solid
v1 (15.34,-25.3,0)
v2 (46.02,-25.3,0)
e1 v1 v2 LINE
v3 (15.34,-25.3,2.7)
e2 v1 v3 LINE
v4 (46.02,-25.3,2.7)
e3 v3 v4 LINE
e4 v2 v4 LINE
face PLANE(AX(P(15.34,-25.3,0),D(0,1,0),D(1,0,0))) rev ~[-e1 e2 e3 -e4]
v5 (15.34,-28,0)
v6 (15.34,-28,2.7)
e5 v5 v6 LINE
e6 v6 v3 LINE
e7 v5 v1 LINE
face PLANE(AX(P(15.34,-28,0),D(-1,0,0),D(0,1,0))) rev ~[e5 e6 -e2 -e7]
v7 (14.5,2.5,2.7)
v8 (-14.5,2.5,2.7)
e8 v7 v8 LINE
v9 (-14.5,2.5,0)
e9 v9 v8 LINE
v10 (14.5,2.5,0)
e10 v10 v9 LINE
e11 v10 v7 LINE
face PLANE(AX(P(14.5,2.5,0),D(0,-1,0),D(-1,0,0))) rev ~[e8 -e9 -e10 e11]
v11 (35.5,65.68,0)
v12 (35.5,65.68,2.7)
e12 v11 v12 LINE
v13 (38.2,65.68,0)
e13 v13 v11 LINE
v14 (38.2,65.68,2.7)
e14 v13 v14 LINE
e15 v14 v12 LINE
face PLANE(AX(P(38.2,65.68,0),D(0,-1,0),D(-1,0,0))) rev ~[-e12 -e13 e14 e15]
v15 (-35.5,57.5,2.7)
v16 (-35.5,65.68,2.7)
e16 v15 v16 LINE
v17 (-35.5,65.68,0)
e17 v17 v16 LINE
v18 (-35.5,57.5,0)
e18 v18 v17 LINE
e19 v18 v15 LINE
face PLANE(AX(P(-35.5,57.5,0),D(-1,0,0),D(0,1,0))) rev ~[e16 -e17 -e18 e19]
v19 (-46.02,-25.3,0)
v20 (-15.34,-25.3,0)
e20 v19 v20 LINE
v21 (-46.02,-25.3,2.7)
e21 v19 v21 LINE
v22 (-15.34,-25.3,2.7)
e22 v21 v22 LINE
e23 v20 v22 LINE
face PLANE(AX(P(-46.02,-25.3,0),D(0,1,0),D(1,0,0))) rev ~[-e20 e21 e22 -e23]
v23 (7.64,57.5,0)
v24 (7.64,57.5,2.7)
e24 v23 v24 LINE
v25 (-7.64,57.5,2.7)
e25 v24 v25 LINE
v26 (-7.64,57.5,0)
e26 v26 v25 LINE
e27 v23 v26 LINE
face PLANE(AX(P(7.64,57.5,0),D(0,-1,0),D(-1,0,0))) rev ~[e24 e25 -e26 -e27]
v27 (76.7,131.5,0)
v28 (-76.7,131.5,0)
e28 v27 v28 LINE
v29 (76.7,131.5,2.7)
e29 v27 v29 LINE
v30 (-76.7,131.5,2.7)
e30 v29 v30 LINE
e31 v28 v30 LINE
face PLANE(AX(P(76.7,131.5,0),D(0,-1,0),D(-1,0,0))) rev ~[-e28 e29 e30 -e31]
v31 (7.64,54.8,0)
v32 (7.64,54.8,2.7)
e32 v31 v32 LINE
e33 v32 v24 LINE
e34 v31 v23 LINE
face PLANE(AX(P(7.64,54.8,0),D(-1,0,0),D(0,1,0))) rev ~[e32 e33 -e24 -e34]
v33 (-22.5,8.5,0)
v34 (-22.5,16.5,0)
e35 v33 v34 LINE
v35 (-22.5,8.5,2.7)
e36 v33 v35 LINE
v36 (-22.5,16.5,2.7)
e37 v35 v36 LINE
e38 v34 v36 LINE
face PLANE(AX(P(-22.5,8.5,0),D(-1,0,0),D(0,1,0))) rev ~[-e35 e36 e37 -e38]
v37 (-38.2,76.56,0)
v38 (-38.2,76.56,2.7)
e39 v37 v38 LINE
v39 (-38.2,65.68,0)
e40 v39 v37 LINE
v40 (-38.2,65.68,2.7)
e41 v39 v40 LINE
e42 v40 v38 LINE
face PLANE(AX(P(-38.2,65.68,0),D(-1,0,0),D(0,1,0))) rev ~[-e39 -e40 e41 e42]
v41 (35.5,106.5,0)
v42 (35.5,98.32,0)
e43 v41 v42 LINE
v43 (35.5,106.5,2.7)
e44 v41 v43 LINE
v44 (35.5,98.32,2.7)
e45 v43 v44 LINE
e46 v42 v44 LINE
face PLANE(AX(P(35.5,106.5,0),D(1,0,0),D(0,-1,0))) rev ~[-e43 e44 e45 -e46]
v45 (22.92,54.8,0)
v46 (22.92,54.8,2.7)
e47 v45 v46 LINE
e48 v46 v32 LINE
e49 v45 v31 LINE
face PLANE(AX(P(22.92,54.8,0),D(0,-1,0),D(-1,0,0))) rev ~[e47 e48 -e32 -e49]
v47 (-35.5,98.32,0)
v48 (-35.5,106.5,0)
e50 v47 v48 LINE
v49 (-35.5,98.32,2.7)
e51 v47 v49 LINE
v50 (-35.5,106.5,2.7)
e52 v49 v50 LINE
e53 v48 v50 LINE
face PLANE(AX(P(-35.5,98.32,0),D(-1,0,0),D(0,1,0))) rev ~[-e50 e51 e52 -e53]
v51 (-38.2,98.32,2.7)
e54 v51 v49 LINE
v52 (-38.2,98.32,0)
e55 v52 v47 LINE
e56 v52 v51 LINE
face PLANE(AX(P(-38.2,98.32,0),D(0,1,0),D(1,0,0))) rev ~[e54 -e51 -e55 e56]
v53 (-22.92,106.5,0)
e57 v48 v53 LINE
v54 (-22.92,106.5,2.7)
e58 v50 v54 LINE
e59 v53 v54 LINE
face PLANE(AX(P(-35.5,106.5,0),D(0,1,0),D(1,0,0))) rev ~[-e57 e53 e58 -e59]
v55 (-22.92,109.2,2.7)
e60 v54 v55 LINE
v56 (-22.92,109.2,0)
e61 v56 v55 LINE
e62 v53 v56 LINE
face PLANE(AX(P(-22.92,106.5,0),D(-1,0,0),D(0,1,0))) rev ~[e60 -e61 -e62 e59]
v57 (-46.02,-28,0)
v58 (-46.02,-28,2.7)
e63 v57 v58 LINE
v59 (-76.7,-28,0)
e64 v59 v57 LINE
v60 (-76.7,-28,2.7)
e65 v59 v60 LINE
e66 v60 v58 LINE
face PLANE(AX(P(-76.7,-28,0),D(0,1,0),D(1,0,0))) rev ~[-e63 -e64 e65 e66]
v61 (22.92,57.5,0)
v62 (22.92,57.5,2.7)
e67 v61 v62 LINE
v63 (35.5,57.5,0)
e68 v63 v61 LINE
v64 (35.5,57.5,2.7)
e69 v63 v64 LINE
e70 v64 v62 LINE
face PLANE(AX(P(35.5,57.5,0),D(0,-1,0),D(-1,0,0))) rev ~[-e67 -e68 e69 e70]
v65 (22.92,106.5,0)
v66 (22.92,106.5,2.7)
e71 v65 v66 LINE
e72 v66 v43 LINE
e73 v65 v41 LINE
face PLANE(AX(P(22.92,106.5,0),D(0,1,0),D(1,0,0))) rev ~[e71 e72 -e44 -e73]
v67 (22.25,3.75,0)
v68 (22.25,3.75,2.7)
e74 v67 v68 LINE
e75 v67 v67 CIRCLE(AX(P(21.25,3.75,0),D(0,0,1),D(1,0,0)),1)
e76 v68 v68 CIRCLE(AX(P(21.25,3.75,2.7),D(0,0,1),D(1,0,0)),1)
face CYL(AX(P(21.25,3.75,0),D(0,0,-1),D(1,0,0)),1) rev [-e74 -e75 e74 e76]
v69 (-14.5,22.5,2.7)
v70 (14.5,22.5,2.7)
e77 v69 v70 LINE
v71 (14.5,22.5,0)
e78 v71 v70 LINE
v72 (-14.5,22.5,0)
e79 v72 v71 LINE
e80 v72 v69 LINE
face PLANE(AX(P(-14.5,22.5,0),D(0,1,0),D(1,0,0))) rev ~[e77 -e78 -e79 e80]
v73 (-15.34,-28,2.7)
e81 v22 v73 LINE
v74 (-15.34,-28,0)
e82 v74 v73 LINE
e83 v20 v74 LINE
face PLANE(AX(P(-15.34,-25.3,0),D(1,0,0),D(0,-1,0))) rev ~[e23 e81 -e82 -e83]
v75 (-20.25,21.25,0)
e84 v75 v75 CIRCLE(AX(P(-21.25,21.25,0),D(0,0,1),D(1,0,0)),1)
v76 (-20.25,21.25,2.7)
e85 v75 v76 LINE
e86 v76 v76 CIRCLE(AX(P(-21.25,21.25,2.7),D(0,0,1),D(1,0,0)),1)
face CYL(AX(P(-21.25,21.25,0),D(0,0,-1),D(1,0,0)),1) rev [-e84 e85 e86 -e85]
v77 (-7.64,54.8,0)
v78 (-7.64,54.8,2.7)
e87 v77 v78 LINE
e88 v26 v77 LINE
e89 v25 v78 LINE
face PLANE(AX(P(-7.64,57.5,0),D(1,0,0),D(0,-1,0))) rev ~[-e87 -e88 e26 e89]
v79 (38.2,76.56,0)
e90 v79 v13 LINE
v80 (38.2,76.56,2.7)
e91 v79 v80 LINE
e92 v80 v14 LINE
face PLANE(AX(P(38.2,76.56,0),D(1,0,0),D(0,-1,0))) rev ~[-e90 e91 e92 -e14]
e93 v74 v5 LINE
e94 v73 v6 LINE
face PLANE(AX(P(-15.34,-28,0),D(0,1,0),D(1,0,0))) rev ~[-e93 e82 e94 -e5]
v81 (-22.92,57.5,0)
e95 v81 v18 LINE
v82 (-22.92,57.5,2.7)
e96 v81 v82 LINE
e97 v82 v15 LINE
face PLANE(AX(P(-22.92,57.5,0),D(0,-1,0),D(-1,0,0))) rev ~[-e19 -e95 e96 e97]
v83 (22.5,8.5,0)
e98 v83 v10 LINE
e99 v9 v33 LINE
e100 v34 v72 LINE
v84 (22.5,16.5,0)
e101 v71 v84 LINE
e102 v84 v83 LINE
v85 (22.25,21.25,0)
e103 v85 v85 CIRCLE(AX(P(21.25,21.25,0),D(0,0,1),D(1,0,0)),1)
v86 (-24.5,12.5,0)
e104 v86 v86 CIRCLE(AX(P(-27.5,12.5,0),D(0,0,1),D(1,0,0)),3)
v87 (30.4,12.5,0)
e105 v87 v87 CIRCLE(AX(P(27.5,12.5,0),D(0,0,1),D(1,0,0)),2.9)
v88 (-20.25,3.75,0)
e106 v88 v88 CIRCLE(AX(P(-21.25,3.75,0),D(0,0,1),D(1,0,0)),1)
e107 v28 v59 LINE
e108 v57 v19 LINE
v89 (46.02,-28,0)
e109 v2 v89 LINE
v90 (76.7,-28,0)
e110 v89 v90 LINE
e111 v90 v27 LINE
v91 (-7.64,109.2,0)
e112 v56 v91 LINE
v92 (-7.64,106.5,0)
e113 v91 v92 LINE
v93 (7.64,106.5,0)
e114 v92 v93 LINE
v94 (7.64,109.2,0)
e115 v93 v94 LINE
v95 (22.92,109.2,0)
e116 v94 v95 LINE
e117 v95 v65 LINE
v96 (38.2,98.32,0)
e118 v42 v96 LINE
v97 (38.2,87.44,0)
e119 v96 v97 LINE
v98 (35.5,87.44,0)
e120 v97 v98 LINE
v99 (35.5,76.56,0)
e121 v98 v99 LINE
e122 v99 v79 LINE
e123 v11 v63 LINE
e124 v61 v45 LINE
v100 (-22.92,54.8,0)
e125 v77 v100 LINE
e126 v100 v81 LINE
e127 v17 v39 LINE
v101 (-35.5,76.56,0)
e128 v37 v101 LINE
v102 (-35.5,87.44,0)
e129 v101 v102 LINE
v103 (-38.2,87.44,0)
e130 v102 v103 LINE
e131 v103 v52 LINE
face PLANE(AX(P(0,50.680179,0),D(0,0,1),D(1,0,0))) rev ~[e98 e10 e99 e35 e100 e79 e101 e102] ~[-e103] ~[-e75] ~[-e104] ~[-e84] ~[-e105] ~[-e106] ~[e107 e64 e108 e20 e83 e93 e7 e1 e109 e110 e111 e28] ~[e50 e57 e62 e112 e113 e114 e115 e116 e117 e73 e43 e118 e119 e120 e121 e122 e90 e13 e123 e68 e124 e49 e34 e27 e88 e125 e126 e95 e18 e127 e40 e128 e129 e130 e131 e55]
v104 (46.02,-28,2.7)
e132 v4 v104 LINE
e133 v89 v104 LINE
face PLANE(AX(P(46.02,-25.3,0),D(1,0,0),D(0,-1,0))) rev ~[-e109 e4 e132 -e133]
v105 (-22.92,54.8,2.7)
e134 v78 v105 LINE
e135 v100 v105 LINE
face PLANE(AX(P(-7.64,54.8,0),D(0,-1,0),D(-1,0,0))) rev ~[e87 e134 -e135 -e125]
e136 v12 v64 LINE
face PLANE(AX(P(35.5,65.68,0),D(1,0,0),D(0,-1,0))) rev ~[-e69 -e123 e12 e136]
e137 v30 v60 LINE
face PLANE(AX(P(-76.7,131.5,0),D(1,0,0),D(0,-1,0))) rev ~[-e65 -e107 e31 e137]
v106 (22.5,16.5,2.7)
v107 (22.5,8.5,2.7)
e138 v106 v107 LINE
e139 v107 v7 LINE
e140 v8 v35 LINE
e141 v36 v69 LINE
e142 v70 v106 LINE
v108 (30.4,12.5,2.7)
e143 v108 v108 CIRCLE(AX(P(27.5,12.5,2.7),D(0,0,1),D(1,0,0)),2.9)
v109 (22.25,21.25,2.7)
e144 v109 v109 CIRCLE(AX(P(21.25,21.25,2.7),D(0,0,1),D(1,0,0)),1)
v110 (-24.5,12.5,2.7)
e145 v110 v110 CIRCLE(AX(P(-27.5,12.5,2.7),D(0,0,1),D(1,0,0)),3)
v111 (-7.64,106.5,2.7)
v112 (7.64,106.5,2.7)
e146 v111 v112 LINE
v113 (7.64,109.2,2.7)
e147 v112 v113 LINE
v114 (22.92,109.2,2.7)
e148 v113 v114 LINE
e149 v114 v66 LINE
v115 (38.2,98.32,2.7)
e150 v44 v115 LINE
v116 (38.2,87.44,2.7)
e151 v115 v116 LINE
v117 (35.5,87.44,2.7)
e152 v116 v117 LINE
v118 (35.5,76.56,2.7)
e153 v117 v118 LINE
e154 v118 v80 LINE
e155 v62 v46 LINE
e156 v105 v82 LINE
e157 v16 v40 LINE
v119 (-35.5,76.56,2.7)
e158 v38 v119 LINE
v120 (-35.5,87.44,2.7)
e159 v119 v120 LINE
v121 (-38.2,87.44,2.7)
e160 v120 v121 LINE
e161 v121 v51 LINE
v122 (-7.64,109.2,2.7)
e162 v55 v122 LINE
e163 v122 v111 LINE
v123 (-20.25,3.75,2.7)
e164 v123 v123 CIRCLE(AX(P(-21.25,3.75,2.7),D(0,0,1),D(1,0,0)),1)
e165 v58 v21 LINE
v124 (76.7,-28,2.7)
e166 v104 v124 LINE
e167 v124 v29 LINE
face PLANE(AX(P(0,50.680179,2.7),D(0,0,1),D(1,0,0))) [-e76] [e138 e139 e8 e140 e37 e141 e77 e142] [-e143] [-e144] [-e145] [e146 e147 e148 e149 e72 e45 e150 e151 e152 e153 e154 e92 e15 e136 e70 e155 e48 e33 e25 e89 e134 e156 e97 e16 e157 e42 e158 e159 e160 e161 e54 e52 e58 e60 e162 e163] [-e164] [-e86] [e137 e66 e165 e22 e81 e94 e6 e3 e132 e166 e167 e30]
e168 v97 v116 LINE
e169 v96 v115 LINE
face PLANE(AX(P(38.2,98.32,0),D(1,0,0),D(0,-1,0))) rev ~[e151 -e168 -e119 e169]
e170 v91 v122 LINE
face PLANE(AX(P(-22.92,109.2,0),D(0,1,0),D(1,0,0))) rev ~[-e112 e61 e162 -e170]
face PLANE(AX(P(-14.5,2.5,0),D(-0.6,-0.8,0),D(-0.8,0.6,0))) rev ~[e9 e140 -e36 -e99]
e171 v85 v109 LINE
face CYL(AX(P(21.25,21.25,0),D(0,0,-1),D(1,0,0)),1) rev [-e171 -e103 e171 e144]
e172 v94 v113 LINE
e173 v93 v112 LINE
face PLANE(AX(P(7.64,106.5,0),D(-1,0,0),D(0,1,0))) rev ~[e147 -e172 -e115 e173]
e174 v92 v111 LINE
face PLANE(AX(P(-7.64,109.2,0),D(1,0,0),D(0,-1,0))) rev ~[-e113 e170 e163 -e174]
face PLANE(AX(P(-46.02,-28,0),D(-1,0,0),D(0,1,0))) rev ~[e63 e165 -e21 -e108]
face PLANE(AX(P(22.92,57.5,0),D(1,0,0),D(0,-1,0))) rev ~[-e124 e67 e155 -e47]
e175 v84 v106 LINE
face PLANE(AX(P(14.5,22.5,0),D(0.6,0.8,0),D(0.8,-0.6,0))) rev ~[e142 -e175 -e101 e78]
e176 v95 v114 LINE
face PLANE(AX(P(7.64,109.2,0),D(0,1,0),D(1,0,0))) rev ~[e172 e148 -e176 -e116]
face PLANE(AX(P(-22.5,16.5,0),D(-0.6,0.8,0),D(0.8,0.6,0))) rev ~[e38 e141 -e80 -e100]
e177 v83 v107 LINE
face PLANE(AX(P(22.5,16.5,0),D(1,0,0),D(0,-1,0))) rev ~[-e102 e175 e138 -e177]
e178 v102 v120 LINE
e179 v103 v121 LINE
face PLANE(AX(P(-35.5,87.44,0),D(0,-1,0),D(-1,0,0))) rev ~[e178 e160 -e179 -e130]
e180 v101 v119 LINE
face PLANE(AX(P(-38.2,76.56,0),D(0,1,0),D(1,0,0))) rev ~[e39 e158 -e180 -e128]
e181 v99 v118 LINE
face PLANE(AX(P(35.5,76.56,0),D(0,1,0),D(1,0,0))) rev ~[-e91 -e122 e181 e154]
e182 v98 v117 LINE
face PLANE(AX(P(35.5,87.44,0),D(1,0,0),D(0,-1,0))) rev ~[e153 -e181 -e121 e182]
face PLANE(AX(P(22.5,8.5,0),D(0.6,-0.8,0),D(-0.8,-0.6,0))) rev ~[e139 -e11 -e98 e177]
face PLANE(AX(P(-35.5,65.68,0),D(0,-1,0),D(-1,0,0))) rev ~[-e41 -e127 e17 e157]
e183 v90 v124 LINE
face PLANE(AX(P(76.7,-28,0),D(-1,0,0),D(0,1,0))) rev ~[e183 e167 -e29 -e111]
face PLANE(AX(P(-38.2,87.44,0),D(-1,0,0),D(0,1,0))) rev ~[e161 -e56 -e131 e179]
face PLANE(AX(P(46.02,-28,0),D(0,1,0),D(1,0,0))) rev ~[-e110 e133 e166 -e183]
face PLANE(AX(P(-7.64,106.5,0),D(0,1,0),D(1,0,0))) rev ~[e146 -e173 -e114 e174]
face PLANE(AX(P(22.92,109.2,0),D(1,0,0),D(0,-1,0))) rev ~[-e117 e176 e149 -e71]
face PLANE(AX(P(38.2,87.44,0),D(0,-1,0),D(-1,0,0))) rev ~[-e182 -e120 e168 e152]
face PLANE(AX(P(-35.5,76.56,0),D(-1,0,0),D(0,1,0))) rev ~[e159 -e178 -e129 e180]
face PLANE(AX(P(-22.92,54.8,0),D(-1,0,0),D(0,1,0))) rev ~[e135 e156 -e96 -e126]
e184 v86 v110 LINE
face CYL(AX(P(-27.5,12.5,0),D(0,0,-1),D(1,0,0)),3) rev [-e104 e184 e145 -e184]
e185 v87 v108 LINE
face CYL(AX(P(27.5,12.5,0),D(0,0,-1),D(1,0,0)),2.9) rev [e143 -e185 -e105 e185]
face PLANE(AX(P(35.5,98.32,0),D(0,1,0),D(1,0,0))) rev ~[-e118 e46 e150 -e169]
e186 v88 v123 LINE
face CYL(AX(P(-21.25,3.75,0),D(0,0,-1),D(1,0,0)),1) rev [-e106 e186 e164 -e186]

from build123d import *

# Parameters (mm, degrees)
SKETCH1_R           = 1
SKETCH1_R_2         = 3
SKETCH1_R_3         = 2.9
BOSS_EXTRUDE3_DEPTH = 2.7


with BuildPart() as part:
    # Sketch1 → Boss-Extrude3 (new body)
    with BuildSketch(Plane.XY):
        Polygon((-46.02, -28), (-46.02, -25.3), (-15.34, -25.3), (-15.34, -28), (15.34, -28), (15.34, -25.3), (46.02, -25.3), (46.02, -28), (76.7, -28), (76.7, -25.3), (76.7, -23), (76.7, 13), (76.7, 131.5), (-76.7, 131.5), (-76.7, 13), (-76.7, -23), (-76.7, -25.3), (-76.7, -28), align=None)
        with Locations((-21.25, 3.75)):
            Circle(SKETCH1_R, mode=Mode.SUBTRACT)
        with Locations((-27.5, 12.5)):
            Circle(SKETCH1_R_2, mode=Mode.SUBTRACT)
        with Locations((-21.25, 21.25)):
            Circle(SKETCH1_R, mode=Mode.SUBTRACT)
        with Locations((21.25, 3.75)):
            Circle(SKETCH1_R, mode=Mode.SUBTRACT)
        with Locations((27.5, 12.5)):
            Circle(SKETCH1_R_3, mode=Mode.SUBTRACT)
        with Locations((21.25, 21.25)):
            Circle(SKETCH1_R, mode=Mode.SUBTRACT)
        Polygon((-22.5, 16.5), (-14.5, 22.5), (14.5, 22.5), (22.5, 16.5), (22.5, 8.5), (14.5, 2.5), (0, 2.5), (-14.5, 2.5), (-22.5, 8.5), align=None, mode=Mode.SUBTRACT)
        Polygon((35.5, 57.5), (22.92, 57.5), (22.92, 54.8), (7.64, 54.8), (7.64, 57.5), (-7.64, 57.5), (-7.64, 54.8), (-22.92, 54.8), (-22.92, 57.5), (-35.5, 57.5), (-35.5, 65.68), (-38.2, 65.68), (-38.2, 76.56), (-35.5, 76.56), (-35.5, 87.44), (-38.2, 87.44), (-38.2, 98.32), (-35.5, 98.32), (-35.5, 106.5), (-22.92, 106.5), (-22.92, 109.2), (-7.64, 109.2), (-7.64, 106.5), (7.64, 106.5), (7.64, 109.2), (22.92, 109.2), (22.92, 106.5), (35.5, 106.5), (35.5, 98.32), (38.2, 98.32), (38.2, 87.44), (35.5, 87.44), (35.5, 76.56), (38.2, 76.56), (38.2, 65.68), (35.5, 65.68), align=None, mode=Mode.SUBTRACT)
    extrude(amount=BOSS_EXTRUDE3_DEPTH)


solid = part.part
